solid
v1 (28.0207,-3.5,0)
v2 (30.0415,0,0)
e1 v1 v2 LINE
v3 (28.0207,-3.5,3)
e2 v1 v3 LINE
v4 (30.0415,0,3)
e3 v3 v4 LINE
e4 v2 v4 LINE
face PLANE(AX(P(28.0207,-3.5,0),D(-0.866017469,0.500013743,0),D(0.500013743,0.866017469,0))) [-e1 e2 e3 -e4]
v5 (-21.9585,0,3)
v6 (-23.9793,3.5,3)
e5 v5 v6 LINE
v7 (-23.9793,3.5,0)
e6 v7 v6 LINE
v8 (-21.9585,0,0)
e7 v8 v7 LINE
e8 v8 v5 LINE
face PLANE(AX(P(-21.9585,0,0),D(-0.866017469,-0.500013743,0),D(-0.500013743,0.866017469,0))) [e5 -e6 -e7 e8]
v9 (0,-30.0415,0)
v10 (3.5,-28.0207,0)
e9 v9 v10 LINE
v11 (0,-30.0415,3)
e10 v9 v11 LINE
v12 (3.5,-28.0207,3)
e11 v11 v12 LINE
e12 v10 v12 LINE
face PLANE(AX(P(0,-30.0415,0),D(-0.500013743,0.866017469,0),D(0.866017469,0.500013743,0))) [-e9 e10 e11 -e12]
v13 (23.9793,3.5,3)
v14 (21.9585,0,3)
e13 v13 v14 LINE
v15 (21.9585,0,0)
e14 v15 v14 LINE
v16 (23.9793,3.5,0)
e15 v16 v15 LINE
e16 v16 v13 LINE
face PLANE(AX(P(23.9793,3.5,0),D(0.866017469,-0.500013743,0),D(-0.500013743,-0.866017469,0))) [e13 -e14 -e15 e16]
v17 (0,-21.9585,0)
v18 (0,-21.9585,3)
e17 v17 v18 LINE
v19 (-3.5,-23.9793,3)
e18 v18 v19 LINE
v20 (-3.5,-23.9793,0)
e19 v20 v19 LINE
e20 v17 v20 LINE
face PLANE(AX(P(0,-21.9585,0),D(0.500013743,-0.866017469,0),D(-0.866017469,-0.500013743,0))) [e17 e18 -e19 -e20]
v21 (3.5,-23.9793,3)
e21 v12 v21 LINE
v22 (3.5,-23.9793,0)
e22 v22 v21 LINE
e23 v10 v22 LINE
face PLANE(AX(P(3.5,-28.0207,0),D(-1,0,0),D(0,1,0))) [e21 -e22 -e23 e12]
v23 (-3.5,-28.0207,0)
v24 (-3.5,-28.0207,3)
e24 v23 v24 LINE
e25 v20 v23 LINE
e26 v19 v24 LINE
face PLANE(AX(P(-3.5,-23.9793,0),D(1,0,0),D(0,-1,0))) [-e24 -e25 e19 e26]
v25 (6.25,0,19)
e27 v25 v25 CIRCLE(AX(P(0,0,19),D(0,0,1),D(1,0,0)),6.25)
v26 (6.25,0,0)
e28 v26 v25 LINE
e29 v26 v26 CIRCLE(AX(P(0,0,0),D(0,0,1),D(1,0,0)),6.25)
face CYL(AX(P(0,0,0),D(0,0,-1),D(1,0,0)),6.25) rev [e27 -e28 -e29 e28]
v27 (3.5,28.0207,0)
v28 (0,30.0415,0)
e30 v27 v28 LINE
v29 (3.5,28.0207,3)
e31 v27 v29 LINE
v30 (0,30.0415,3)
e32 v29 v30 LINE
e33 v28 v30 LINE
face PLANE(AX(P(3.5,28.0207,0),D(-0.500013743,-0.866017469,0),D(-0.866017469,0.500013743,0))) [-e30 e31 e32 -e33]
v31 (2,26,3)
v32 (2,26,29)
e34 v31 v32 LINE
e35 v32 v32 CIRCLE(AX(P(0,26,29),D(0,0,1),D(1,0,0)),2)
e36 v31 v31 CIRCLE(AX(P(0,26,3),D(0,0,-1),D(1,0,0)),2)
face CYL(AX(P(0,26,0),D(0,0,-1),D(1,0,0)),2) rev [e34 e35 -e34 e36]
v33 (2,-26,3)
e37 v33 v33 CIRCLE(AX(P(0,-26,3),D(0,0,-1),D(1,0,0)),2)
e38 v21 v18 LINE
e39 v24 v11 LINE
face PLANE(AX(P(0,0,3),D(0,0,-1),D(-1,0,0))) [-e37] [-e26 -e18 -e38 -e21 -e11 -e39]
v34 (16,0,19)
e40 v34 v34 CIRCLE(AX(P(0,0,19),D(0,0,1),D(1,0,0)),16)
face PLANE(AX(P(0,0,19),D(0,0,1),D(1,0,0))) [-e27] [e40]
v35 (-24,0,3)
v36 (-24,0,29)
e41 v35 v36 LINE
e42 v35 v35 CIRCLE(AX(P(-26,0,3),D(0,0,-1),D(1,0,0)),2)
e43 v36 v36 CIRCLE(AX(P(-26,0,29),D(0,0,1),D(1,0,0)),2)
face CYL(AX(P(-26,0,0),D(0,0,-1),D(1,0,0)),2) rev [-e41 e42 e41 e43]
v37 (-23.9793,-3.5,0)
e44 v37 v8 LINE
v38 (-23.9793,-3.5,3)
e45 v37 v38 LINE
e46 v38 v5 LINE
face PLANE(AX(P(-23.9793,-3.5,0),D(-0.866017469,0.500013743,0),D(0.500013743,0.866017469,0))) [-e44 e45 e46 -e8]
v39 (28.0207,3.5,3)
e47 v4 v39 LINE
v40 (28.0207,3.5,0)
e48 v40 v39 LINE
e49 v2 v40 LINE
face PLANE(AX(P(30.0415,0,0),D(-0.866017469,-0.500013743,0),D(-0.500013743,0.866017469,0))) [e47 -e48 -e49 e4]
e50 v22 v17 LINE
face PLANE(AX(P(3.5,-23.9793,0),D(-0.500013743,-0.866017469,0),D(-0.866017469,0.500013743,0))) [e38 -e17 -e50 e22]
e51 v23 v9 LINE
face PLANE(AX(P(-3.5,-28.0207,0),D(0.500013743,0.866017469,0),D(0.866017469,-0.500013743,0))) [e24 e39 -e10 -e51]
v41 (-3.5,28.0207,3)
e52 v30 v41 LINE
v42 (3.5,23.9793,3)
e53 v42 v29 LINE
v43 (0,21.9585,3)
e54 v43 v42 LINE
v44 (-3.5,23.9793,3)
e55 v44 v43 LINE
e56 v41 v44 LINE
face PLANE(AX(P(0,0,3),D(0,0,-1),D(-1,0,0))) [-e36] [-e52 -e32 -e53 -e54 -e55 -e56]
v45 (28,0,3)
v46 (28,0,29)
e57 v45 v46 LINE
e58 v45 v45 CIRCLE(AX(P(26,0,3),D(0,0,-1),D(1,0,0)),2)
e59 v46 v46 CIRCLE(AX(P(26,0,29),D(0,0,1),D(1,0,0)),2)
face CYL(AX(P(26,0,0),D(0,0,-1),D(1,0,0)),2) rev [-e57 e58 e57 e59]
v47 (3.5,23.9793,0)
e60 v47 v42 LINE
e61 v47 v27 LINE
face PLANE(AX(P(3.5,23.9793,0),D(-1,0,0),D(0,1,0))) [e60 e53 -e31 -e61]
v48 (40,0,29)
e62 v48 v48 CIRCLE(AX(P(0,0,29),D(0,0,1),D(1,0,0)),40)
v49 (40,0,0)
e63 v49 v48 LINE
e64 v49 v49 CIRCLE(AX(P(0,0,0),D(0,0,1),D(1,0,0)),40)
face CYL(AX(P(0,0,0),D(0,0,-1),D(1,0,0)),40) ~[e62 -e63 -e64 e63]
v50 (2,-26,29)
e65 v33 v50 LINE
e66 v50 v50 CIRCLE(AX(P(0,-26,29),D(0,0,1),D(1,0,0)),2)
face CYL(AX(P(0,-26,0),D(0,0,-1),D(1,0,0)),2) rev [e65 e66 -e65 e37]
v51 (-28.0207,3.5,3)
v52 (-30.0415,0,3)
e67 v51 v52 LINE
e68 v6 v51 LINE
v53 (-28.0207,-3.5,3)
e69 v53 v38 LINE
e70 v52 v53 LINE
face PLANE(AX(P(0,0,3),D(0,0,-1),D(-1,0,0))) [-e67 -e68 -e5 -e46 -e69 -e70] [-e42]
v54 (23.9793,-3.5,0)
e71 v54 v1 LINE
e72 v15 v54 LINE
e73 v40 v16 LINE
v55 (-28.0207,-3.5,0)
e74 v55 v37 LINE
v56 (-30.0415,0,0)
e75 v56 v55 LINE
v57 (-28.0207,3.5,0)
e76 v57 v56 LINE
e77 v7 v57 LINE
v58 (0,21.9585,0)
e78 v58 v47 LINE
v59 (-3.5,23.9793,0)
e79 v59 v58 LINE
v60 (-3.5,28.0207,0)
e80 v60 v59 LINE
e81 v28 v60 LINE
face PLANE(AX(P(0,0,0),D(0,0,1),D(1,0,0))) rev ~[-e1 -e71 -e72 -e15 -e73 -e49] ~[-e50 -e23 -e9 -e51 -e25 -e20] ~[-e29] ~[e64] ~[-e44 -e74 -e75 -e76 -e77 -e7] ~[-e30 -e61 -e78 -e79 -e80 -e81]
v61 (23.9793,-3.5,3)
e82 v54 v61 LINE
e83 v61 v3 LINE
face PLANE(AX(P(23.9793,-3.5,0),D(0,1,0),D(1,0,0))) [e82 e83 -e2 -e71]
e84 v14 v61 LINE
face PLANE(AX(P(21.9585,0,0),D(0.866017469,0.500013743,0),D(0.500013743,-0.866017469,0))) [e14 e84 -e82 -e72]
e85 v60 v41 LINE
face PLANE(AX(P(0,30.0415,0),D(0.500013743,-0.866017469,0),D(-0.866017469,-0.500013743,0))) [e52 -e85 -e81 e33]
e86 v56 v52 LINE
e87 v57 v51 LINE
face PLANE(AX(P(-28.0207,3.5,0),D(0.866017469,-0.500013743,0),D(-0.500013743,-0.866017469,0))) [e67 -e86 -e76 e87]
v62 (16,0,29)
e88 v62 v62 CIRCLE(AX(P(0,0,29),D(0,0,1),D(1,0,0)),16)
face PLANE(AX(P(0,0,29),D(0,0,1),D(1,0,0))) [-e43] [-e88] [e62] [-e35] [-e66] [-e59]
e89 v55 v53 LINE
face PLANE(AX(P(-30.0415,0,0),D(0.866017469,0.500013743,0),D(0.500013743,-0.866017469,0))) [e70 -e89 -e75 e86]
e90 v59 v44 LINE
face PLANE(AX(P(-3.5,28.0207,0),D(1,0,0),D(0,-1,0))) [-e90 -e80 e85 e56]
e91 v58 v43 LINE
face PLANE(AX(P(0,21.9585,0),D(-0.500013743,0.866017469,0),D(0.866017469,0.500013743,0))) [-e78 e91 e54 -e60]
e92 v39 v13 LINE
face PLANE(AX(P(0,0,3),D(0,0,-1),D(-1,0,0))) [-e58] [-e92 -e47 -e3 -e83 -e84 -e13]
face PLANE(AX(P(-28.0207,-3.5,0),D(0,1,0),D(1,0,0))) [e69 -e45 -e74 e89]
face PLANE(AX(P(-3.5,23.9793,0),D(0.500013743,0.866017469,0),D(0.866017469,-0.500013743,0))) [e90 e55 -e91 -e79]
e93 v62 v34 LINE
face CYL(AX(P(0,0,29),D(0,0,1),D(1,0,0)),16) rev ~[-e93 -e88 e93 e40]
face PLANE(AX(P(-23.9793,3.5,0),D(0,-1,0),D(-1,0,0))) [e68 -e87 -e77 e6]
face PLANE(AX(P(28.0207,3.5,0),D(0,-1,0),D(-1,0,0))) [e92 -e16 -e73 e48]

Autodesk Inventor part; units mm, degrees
ref_plane "YZ Plane" through (0, 0, 0) normal (1, 0, 0) x (0, 1, 0)
ref_plane "XZ Plane" through (0, 0, 0) normal (0, 1, 0) x (-1, 0, 0)
ref_plane "XY Plane" through (0, 0, 0) normal (0, 0, 1) x (1, 0, 0)
sketch "Esquisse1" plane through (0, 0, 0) normal (0, 0, 1) x (1, 0, 0)
  circle A0 centre (0, 0) radius 40
  circle A1 centre (0, 0) radius 6.25
  line L0 (0, 0) -> (16.25, 0) construction
  circle A2 centre (0, 0) radius 16.25 construction
  line L1 (6.25, 0) -> (16.25, 0) construction
  line L2 (0, 0) -> (0, 26) construction
  circle A3 centre (0, 26) radius 2
  circle A4 centre (-26, 0) radius 2
  circle A5 centre (0, -26) radius 2
  circle A6 centre (26, 0) radius 2
  dimension "d1" = 12.5
  dimension "d0" = 80
  dimension "d3" = 10
  dimension "d5" = 4
  dimension "d6" = 26
  dimension "d9" = 360
extrude "Extrusion1" add sketch "Esquisse1" along normal blind 29
sketch "Esquisse2" plane through (0, 0, 29) normal (0, 0, 1) x (1, 0, 0)
  circle A0 centre (0, 0) radius 6.25 projected
  circle A1 centre (0, 0) radius 40 projected
  circle A2 centre (0, 0) radius 16
  line L0 (0, 0) -> (-16, 0) construction
  dimension "d41" = 16
extrude "Extrusion2" cut sketch "Esquisse2" against normal blind 10 contours A2
sketch "Esquisse3" plane through (0, 0, 0) normal (0, 0, -1) x (-1, 0, 0)
  circle A0 centre (0, 0) radius 6.25 projected
  circle A1 centre (-26, 0) radius 2 projected
  circle A2 centre (0, -26) radius 2 projected
  circle A3 centre (26, 0) radius 2 projected
  circle A4 centre (0, 26) radius 2 projected
  circle A5 centre (0, 0) radius 40 projected
  line L0 (3.5, 23.9793) -> (0, 21.9585)
  line L1 (0, 21.9585) -> (-3.5, 23.9793)
  line L2 (-3.5, 23.9793) -> (-3.5, 28.0207)
  line L3 (-3.5, 28.0207) -> (0, 30.0415)
  line L4 (0, 30.0415) -> (3.5, 28.0207)
  line L5 (3.5, 28.0207) -> (3.5, 23.9793)
  line L6 (-3.5, 23.9793) -> (3.5, 23.9793) construction
  line L7 (0, 0) -> (0, -40) construction
  line L8 (-23.9793, 3.5) -> (-21.9585, 0)
  line L9 (-21.9585, 0) -> (-23.9793, -3.5)
  line L10 (-23.9793, -3.5) -> (-28.0207, -3.5)
  line L11 (-28.0207, -3.5) -> (-30.0415, 0)
  line L12 (-30.0415, 0) -> (-28.0207, 3.5)
  line L13 (-28.0207, 3.5) -> (-23.9793, 3.5)
  line L14 (-3.5, -23.9793) -> (0, -21.9585)
  line L15 (0, -21.9585) -> (3.5, -23.9793)
  line L16 (3.5, -23.9793) -> (3.5, -28.0207)
  line L17 (3.5, -28.0207) -> (0, -30.0415)
  line L18 (0, -30.0415) -> (-3.5, -28.0207)
  line L19 (-3.5, -28.0207) -> (-3.5, -23.9793)
  line L20 (23.9793, -3.5) -> (21.9585, 0)
  line L21 (21.9585, 0) -> (23.9793, 3.5)
  line L22 (23.9793, 3.5) -> (28.0207, 3.5)
  line L23 (28.0207, 3.5) -> (30.0415, 0)
  line L24 (30.0415, 0) -> (28.0207, -3.5)
  line L25 (28.0207, -3.5) -> (23.9793, -3.5)
  point P0 (-23.9793, 3.5)
  point P1 (-3.5, -23.9793)
  point P2 (23.9793, -3.5)
  dimension "d18" = 7
  dimension "d21" = 360
extrude "Extrusion3" cut sketch "Esquisse3" against normal blind 3 contours L0 L1 L2 L3 L4 L5 | L8 L9 L10 L11 L12 L13 | L14 L15 L16 L17 L18 L19 | L20 L21 L22 L23 L24 L25
properties part number "bowl_v2"
